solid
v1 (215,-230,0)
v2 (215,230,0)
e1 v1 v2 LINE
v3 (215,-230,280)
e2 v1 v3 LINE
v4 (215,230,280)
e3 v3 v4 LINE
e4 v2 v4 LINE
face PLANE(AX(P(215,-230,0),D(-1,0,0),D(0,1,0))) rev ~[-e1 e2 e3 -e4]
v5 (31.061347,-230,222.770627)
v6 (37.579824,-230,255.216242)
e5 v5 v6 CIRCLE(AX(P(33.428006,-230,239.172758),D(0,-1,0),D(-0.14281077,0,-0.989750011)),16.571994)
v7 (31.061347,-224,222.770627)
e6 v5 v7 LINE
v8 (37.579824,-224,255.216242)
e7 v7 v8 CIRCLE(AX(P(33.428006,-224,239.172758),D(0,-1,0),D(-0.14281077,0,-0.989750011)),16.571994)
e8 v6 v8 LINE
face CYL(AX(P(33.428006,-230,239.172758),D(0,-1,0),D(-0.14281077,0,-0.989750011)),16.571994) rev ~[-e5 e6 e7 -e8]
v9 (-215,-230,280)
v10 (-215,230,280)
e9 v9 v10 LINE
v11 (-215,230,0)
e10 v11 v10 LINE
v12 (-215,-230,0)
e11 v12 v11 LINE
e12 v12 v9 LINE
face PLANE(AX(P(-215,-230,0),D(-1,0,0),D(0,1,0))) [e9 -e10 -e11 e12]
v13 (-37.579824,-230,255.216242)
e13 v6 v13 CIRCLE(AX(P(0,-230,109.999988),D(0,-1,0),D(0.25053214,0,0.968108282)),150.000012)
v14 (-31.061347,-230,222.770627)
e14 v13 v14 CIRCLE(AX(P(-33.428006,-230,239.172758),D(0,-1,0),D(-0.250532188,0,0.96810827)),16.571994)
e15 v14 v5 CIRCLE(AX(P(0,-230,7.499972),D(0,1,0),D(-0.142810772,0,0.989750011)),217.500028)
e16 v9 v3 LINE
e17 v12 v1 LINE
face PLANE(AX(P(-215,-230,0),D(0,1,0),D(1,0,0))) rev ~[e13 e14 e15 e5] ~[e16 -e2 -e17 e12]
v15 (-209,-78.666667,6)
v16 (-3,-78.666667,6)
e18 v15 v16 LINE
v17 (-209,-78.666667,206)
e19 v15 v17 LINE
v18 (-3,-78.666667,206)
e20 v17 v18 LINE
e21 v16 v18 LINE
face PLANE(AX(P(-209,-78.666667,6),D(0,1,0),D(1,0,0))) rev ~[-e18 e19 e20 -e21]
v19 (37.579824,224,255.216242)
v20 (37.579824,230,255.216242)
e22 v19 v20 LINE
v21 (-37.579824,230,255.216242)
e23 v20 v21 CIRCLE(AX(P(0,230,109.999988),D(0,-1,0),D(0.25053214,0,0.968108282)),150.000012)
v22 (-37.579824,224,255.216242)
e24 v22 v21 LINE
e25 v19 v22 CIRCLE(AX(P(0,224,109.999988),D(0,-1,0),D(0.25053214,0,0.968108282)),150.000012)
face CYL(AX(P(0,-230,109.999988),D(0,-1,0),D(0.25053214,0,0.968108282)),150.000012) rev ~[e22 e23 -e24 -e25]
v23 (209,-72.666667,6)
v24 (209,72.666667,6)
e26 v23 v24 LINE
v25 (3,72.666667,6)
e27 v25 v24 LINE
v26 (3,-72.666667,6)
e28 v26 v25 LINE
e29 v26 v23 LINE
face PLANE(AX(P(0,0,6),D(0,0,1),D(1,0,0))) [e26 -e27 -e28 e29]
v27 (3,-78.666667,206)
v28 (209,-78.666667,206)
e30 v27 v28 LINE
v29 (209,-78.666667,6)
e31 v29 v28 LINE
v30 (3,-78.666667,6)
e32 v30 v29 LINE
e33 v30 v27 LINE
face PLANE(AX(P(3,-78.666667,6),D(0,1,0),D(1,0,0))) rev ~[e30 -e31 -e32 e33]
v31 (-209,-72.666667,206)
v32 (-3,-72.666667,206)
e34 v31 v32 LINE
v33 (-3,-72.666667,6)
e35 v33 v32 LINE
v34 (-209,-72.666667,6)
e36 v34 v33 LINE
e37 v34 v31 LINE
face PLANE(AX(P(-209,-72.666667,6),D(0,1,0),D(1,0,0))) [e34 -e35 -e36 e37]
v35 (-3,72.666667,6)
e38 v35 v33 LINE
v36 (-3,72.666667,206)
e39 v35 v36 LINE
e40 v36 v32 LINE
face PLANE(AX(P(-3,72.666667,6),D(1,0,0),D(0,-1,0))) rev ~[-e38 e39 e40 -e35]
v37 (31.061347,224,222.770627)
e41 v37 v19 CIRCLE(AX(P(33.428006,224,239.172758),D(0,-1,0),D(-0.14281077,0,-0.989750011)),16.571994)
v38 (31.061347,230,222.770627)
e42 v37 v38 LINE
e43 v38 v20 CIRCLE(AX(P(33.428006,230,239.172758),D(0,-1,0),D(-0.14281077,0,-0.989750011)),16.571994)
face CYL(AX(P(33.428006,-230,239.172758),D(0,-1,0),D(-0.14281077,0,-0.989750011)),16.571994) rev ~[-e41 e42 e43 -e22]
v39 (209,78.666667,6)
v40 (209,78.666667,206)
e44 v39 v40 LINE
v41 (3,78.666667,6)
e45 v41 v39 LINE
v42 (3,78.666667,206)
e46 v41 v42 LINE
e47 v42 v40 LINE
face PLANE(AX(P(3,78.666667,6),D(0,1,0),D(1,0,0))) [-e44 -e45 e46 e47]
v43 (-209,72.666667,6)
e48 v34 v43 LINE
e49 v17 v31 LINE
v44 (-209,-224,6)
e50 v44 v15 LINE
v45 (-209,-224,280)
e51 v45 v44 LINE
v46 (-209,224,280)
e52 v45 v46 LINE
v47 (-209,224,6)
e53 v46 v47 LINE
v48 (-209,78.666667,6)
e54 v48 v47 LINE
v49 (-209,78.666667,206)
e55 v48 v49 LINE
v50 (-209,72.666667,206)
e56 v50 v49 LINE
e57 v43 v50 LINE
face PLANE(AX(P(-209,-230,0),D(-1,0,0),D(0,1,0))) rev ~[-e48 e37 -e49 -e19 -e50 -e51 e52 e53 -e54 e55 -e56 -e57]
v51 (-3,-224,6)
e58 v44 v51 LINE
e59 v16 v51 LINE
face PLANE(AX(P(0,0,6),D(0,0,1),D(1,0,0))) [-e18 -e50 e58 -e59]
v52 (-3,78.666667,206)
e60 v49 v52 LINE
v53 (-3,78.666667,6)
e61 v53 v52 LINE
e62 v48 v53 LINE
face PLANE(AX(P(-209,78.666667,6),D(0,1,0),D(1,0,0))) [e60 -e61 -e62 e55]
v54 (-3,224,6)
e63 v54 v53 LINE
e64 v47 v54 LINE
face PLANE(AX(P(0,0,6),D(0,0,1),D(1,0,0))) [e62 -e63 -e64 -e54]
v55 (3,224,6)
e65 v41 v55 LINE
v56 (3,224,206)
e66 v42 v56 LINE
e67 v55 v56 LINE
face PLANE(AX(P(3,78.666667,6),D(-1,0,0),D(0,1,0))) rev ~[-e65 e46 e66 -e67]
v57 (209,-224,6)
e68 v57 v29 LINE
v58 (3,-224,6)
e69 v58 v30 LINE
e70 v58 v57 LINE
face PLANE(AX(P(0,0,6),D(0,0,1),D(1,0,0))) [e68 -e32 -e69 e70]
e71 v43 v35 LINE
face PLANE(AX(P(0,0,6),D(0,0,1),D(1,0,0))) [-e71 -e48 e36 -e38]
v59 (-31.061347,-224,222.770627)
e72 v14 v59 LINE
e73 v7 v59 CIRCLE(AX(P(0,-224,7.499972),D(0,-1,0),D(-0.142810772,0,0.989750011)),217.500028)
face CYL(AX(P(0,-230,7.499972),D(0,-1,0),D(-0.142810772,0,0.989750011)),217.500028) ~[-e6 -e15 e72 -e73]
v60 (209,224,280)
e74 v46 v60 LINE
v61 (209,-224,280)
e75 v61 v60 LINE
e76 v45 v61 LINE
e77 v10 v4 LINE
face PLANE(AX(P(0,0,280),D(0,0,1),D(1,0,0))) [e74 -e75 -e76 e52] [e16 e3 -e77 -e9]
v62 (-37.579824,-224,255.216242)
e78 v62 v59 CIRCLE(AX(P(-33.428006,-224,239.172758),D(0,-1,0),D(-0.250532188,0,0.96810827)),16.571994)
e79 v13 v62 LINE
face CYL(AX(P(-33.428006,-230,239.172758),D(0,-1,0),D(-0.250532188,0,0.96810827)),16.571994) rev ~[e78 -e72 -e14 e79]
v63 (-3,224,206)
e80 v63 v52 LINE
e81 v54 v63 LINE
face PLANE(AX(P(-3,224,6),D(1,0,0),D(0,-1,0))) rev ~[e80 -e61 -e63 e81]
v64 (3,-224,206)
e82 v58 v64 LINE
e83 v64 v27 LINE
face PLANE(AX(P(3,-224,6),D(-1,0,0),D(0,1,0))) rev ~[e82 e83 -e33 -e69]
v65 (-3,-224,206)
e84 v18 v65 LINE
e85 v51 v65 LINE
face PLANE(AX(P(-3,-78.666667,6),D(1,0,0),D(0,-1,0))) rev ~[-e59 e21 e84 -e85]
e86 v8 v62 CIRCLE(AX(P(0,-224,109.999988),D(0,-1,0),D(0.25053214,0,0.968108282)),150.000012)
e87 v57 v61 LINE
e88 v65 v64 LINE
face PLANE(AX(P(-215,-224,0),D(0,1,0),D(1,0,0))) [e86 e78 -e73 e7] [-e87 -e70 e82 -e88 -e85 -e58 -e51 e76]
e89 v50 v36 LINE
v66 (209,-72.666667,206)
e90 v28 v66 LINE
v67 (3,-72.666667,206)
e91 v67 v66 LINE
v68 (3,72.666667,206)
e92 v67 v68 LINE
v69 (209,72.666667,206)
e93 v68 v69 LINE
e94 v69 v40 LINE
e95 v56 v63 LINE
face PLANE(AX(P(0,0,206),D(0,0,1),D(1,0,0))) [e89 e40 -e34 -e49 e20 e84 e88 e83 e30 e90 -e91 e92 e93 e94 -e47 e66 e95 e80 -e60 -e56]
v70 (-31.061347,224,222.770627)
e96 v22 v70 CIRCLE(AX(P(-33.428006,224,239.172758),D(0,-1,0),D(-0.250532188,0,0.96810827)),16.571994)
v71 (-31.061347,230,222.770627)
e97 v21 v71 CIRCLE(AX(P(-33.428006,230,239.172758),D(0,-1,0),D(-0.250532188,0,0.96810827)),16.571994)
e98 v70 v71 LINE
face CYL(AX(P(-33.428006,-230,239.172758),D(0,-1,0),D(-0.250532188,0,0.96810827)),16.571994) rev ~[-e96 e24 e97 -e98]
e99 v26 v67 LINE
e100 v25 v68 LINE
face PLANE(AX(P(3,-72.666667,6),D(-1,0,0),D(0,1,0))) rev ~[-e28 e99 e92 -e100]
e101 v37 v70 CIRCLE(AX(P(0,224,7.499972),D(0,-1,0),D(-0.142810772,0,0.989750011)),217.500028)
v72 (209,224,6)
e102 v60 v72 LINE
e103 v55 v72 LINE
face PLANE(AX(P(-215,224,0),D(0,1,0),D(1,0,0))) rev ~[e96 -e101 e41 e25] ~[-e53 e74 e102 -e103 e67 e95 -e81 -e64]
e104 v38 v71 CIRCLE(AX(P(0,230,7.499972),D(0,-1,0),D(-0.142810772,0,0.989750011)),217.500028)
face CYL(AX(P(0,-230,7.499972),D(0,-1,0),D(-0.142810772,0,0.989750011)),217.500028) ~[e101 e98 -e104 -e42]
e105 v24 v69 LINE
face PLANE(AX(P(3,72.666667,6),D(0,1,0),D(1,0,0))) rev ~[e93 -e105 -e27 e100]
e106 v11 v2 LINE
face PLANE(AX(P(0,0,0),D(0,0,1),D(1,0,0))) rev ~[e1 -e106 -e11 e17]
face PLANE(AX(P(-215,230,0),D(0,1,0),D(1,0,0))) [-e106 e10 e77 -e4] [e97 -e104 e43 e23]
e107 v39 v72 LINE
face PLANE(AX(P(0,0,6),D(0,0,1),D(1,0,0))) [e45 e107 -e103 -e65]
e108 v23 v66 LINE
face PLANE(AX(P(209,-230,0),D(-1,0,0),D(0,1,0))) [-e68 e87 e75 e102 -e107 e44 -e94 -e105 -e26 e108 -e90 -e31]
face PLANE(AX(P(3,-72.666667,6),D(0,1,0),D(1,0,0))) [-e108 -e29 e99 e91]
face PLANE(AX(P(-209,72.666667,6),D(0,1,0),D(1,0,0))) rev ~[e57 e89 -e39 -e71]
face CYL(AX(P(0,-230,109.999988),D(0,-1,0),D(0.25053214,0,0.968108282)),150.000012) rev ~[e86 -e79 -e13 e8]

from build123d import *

# Parameters (mm, degrees)
F0_W     = 430
F0_H     = 460
F1_DEPTH = 280
F2_T     = -6
F4_DEPTH = 460.001
F5_W     = 206
F5_H     = 6
F6_DEPTH = 200


with BuildPart() as f1:
    # F0 (on Top) → F1 (new body)
    with BuildSketch(Plane.XY):
        Rectangle(F0_W, F0_H)
    extrude(amount=F1_DEPTH)

    # F2
    f2_openings = [f1.faces().sort_by_distance(p)[0] for p in [
        (0, 0, 280),
    ]]
    offset(amount=F2_T, openings=f2_openings)

    # F3 (on face) → F4 (cut, through all)
    with BuildSketch(Plane.XZ.offset(230)):
        with BuildLine():
            ThreePointArc((31.061347, 222.770627), (49.67535, 235.90859), (37.579824, 255.216242))
            ThreePointArc((37.579824, 255.216242), (0, 260), (-37.579824, 255.216242))
            ThreePointArc((-37.579824, 255.216242), (-49.67535, 235.90859), (-31.061347, 222.770627))
            ThreePointArc((-31.061347, 222.770627), (0, 225), (31.061347, 222.770627))
        make_face()
    extrude(amount=-F4_DEPTH, mode=Mode.SUBTRACT)

    # F5 (on face) → F6 (join)
    with BuildSketch(Plane.XY.offset(6)):
        Polygon((3, 78.666667), (3, 224), (-3, 224), (-3, 78.666667), (-3, 72.666667), (-3, -72.666667), (-3, -78.666667), (-3, -224), (3, -224), (3, -78.666667), (3, -72.666667), (3, 72.666667), align=None)
        with Locations((106, 75.666667)):
            Rectangle(F5_W, F5_H)
        with Locations((-106, 75.666667)):
            Rectangle(F5_W, F5_H)
        with Locations((106, -75.666667)):
            Rectangle(F5_W, F5_H)
        with Locations((-106, -75.666667)):
            Rectangle(F5_W, F5_H)
    extrude(amount=F6_DEPTH)


solid = f1.part
